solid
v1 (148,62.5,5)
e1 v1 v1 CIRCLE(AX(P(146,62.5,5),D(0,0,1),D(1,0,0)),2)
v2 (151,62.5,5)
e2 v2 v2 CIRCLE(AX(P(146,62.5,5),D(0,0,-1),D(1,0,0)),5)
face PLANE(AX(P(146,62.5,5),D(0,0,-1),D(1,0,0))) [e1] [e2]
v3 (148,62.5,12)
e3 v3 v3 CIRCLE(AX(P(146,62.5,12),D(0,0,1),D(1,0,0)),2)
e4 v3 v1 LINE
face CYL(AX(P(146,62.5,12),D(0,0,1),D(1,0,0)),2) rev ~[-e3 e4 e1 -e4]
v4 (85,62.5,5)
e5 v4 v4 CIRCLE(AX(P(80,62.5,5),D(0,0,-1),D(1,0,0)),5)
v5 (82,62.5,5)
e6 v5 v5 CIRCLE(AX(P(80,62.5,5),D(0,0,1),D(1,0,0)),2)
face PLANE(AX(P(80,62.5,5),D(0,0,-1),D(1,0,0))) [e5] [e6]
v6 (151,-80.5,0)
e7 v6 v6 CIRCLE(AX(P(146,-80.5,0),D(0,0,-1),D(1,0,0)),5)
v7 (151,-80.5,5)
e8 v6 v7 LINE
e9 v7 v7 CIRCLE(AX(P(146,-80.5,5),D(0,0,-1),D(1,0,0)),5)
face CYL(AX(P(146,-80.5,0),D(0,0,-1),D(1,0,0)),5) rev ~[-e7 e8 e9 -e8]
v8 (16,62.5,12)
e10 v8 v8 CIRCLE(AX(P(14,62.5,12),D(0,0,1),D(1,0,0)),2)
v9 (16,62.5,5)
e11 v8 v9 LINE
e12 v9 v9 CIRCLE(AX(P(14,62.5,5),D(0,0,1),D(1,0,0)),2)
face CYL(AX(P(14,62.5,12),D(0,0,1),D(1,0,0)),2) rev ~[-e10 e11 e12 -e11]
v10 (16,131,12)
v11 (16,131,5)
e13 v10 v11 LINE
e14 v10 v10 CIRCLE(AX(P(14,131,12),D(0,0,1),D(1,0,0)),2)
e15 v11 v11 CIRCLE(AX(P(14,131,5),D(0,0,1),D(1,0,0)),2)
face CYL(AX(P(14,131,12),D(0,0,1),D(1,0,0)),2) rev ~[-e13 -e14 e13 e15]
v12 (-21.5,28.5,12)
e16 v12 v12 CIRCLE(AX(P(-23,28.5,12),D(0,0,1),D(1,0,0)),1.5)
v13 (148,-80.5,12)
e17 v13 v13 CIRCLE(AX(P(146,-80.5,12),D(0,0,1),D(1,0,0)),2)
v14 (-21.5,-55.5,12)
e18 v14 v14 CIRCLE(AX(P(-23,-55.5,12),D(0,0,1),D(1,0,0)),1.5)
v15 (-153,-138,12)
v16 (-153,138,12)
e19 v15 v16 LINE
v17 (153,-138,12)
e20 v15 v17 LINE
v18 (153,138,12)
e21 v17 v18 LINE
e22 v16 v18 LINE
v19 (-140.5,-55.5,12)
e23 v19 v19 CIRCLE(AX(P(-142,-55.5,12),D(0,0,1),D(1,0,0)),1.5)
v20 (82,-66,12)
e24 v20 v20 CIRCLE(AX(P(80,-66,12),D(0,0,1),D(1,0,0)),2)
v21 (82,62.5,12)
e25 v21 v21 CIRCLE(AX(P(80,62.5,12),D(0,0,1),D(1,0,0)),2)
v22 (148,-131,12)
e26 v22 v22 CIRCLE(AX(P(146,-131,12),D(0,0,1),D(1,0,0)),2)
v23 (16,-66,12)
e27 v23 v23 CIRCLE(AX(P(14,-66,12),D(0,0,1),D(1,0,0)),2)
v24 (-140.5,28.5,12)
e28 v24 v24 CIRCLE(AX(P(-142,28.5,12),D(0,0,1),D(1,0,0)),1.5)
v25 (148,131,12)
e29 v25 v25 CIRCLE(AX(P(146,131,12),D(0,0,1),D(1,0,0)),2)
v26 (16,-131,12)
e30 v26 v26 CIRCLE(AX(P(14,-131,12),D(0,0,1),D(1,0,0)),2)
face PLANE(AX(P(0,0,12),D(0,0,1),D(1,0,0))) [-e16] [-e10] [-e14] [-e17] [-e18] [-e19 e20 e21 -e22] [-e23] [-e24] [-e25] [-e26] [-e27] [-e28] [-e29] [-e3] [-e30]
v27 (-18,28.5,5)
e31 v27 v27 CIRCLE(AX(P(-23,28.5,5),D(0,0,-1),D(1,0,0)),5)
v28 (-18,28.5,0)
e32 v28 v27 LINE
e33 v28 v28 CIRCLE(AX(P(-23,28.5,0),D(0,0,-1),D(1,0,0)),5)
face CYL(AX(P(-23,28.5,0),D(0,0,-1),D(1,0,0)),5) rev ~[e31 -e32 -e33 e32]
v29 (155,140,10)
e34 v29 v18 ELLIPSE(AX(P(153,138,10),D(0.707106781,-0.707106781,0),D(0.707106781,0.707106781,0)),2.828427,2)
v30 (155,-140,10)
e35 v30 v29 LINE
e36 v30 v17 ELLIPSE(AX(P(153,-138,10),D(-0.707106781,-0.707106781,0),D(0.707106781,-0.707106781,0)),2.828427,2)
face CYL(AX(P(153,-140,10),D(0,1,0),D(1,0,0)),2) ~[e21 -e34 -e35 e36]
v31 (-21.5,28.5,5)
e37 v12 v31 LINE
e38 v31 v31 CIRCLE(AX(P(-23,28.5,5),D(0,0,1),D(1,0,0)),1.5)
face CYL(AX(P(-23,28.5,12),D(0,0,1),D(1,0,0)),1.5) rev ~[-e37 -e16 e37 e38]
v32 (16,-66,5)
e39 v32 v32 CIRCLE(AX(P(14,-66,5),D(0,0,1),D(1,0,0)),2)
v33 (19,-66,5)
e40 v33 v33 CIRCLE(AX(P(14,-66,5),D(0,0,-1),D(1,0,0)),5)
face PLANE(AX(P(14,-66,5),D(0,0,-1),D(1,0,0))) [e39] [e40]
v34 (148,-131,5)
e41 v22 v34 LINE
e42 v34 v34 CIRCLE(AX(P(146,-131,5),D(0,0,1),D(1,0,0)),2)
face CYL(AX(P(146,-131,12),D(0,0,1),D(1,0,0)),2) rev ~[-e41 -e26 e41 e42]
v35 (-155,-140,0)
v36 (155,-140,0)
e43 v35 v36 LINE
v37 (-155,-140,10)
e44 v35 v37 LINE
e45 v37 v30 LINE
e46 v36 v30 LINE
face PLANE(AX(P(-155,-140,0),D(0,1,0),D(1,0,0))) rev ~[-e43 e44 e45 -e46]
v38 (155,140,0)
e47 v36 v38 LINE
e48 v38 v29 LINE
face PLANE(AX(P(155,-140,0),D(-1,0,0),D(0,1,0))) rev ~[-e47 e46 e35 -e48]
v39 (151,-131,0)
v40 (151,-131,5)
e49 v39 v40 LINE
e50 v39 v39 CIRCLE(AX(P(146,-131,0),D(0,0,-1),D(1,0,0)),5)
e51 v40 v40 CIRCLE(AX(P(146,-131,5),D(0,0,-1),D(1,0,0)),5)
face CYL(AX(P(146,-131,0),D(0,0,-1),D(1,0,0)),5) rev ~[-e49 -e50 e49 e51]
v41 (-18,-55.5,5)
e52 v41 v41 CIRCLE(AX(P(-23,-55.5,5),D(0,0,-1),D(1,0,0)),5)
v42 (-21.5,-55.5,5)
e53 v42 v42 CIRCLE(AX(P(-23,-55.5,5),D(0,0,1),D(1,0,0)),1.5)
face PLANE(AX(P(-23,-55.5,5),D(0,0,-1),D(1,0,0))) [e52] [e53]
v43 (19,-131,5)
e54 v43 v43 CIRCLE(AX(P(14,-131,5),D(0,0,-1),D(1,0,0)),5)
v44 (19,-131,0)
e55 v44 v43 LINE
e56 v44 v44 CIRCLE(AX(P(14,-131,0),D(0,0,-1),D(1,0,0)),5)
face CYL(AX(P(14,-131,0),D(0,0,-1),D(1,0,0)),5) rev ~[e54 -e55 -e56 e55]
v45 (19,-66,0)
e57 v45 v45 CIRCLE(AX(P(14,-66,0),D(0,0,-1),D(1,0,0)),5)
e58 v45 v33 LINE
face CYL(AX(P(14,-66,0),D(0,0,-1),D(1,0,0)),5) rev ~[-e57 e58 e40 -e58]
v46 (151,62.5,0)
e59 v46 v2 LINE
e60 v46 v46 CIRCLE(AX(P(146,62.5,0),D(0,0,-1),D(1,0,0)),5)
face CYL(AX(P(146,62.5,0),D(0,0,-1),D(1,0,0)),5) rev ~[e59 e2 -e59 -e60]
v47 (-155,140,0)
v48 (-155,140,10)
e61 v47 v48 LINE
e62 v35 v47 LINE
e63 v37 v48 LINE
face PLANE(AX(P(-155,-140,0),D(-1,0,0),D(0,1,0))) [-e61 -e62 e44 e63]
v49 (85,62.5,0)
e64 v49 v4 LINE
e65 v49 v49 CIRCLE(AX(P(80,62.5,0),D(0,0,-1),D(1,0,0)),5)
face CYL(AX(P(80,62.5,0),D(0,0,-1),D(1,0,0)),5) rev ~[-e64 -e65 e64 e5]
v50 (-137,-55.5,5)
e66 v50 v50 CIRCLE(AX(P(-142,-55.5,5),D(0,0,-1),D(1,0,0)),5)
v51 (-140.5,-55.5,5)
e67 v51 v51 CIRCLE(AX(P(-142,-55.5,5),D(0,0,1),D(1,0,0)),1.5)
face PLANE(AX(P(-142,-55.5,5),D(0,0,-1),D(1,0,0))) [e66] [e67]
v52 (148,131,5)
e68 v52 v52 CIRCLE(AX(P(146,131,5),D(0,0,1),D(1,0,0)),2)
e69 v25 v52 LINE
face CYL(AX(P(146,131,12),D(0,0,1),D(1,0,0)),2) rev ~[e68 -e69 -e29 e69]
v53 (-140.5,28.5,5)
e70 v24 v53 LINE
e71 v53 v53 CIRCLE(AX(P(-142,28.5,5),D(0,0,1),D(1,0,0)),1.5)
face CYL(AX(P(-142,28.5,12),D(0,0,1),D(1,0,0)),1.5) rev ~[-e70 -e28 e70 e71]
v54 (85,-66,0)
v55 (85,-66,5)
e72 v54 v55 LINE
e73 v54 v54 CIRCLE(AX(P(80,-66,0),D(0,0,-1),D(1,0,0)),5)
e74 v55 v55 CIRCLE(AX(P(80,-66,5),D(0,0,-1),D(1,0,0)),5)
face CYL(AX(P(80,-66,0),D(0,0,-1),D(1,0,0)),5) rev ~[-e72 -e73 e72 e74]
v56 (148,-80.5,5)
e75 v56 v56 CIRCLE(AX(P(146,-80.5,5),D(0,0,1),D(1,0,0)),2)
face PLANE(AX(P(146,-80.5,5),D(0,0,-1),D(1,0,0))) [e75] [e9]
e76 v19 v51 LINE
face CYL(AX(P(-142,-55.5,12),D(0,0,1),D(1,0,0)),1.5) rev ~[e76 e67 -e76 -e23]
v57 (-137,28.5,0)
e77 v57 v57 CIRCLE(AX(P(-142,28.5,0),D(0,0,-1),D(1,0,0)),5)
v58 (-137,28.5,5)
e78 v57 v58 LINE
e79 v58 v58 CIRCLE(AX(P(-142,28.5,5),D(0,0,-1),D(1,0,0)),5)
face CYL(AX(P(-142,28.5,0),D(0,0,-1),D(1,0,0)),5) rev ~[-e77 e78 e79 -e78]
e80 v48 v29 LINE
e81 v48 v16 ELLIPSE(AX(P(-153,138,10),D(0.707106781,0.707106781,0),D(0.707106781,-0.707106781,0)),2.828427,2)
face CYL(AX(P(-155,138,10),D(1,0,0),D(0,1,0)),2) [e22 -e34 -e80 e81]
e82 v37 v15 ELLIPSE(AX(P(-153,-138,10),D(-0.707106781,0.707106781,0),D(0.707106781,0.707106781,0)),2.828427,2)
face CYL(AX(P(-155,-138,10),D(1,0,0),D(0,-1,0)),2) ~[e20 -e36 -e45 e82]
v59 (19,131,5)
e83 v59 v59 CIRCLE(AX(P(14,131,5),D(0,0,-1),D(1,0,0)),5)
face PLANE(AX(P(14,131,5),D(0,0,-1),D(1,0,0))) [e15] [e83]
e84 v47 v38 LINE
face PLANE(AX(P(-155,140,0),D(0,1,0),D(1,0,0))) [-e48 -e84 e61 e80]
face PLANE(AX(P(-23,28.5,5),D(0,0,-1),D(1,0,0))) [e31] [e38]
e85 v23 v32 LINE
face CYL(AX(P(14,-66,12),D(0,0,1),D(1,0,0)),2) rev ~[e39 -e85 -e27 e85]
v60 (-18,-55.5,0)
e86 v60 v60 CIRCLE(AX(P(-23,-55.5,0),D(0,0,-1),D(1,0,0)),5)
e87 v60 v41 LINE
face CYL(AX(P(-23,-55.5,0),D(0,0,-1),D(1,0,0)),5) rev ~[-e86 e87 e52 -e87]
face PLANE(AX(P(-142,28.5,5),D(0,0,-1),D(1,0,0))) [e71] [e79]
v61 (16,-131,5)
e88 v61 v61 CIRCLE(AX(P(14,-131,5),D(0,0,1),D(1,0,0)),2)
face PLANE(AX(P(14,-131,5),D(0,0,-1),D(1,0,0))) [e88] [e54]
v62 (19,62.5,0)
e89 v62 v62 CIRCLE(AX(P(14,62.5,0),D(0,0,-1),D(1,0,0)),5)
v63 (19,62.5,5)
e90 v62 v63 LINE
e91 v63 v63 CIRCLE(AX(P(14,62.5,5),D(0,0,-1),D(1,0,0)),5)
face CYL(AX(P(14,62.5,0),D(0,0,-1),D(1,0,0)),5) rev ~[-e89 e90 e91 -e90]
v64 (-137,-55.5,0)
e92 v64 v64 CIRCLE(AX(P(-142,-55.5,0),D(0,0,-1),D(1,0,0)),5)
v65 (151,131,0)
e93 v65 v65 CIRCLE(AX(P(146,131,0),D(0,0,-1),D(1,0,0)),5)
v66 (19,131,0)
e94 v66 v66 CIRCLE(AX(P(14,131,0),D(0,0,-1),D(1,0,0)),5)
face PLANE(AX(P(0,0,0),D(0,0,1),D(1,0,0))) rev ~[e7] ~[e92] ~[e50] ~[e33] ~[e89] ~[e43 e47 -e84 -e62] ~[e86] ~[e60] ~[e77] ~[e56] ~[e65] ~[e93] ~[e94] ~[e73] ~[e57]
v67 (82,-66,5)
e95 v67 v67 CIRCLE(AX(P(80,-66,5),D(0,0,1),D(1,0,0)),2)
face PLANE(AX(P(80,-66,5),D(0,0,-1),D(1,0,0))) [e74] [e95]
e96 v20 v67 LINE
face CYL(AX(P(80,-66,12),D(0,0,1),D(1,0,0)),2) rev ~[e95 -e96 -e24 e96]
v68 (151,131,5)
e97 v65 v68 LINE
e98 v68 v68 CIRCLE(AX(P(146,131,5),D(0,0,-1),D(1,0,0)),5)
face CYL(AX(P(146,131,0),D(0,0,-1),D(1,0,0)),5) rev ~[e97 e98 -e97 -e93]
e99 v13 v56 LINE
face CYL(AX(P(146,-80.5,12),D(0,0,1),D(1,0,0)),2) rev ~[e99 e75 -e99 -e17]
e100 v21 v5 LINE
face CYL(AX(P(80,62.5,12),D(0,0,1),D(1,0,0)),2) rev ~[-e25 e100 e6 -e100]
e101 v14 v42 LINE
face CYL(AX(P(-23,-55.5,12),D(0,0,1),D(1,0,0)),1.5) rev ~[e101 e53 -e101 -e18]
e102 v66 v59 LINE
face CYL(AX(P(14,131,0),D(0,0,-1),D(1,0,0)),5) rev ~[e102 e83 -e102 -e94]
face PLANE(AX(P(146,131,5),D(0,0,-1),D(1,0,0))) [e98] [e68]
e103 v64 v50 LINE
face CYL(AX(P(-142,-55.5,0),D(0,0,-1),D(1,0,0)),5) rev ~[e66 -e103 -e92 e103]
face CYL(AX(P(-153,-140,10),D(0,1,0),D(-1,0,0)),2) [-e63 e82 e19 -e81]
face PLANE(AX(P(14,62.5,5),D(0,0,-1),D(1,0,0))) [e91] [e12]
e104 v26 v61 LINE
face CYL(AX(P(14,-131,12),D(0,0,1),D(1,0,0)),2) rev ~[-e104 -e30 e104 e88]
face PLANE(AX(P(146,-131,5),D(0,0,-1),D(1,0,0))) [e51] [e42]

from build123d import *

# Parameters (mm, degrees)
F0_W      = 310
F0_H      = 280
F1_DEPTH  = 12
F2_R      = 2
F3_R      = 2
F4_DEPTH  = 25
F5_R      = 5
F6_DEPTH  = 5
F7_R      = 1.5
F8_DEPTH  = 25
F9_R      = 5
F10_DEPTH = 5


with BuildPart() as f1:
    # F0 (on Top) → F1 (new body)
    with BuildSketch(Plane.XY):
        Rectangle(F0_W, F0_H)
    extrude(amount=F1_DEPTH)

    # F2
    f2_edges = [f1.edges().sort_by_distance(p)[0] for p in [
        (0, -140, 12),
        (155, 0, 12),
        (0, 140, 12),
        (-155, 0, 12),
    ]]
    fillet(f2_edges, radius=F2_R)

    # F3 (on face) → F4 (cut)
    with BuildSketch(Plane.XY.offset(12)):
        with Locations((14, -131)):
            Circle(F3_R)
        with Locations((14, 131)):
            Circle(F3_R)
        with Locations((146, 131)):
            Circle(F3_R)
        with Locations((146, -131)):
            Circle(F3_R)
        with Locations((146, 62.5)):
            Circle(F3_R)
        with Locations((146, -80.5)):
            Circle(F3_R)
        with Locations((14, -66)):
            Circle(F3_R)
        with Locations((14, 62.5)):
            Circle(F3_R)
        with Locations((80, 62.5)):
            Circle(F3_R)
        with Locations((80, -66)):
            Circle(F3_R)
    extrude(amount=-F4_DEPTH, mode=Mode.SUBTRACT)

    # F5 (on face) → F6 (cut)
    with BuildSketch(Plane(origin=(0, 0, 0), x_dir=(1, 0, 0), z_dir=(0, 0, -1))):
        with Locations((14, 131)):
            Circle(F5_R)
        with Locations((14, 66)):
            Circle(F5_R)
        with Locations((146, 80.5)):
            Circle(F5_R)
        with Locations((146, 131)):
            Circle(F5_R)
        with Locations((146, -62.5)):
            Circle(F5_R)
        with Locations((14, -62.5)):
            Circle(F5_R)
        with Locations((14, -131)):
            Circle(F5_R)
        with Locations((146, -131)):
            Circle(F5_R)
        with Locations((80, -62.5)):
            Circle(F5_R)
        with Locations((80, 66)):
            Circle(F5_R)
    extrude(amount=-F6_DEPTH, mode=Mode.SUBTRACT)

    # F7 (on face) → F8 (cut)
    with BuildSketch(Plane.XY.offset(12)):
        with Locations((-142, 28.5)):
            Circle(F7_R)
        with Locations((-23, 28.5)):
            Circle(F7_R)
        with Locations((-23, -55.5)):
            Circle(F7_R)
        with Locations((-142, -55.5)):
            Circle(F7_R)
    extrude(amount=-F8_DEPTH, mode=Mode.SUBTRACT)

    # F9 (on face) → F10 (cut)
    with BuildSketch(Plane(origin=(0, 0, 0), x_dir=(1, 0, 0), z_dir=(0, 0, -1))):
        with Locations((-142, 55.5)):
            Circle(F9_R)
        with Locations((-142, -28.5)):
            Circle(F9_R)
        with Locations((-23, -28.5)):
            Circle(F9_R)
        with Locations((-23, 55.5)):
            Circle(F9_R)
    extrude(amount=-F10_DEPTH, mode=Mode.SUBTRACT)


solid = f1.part
